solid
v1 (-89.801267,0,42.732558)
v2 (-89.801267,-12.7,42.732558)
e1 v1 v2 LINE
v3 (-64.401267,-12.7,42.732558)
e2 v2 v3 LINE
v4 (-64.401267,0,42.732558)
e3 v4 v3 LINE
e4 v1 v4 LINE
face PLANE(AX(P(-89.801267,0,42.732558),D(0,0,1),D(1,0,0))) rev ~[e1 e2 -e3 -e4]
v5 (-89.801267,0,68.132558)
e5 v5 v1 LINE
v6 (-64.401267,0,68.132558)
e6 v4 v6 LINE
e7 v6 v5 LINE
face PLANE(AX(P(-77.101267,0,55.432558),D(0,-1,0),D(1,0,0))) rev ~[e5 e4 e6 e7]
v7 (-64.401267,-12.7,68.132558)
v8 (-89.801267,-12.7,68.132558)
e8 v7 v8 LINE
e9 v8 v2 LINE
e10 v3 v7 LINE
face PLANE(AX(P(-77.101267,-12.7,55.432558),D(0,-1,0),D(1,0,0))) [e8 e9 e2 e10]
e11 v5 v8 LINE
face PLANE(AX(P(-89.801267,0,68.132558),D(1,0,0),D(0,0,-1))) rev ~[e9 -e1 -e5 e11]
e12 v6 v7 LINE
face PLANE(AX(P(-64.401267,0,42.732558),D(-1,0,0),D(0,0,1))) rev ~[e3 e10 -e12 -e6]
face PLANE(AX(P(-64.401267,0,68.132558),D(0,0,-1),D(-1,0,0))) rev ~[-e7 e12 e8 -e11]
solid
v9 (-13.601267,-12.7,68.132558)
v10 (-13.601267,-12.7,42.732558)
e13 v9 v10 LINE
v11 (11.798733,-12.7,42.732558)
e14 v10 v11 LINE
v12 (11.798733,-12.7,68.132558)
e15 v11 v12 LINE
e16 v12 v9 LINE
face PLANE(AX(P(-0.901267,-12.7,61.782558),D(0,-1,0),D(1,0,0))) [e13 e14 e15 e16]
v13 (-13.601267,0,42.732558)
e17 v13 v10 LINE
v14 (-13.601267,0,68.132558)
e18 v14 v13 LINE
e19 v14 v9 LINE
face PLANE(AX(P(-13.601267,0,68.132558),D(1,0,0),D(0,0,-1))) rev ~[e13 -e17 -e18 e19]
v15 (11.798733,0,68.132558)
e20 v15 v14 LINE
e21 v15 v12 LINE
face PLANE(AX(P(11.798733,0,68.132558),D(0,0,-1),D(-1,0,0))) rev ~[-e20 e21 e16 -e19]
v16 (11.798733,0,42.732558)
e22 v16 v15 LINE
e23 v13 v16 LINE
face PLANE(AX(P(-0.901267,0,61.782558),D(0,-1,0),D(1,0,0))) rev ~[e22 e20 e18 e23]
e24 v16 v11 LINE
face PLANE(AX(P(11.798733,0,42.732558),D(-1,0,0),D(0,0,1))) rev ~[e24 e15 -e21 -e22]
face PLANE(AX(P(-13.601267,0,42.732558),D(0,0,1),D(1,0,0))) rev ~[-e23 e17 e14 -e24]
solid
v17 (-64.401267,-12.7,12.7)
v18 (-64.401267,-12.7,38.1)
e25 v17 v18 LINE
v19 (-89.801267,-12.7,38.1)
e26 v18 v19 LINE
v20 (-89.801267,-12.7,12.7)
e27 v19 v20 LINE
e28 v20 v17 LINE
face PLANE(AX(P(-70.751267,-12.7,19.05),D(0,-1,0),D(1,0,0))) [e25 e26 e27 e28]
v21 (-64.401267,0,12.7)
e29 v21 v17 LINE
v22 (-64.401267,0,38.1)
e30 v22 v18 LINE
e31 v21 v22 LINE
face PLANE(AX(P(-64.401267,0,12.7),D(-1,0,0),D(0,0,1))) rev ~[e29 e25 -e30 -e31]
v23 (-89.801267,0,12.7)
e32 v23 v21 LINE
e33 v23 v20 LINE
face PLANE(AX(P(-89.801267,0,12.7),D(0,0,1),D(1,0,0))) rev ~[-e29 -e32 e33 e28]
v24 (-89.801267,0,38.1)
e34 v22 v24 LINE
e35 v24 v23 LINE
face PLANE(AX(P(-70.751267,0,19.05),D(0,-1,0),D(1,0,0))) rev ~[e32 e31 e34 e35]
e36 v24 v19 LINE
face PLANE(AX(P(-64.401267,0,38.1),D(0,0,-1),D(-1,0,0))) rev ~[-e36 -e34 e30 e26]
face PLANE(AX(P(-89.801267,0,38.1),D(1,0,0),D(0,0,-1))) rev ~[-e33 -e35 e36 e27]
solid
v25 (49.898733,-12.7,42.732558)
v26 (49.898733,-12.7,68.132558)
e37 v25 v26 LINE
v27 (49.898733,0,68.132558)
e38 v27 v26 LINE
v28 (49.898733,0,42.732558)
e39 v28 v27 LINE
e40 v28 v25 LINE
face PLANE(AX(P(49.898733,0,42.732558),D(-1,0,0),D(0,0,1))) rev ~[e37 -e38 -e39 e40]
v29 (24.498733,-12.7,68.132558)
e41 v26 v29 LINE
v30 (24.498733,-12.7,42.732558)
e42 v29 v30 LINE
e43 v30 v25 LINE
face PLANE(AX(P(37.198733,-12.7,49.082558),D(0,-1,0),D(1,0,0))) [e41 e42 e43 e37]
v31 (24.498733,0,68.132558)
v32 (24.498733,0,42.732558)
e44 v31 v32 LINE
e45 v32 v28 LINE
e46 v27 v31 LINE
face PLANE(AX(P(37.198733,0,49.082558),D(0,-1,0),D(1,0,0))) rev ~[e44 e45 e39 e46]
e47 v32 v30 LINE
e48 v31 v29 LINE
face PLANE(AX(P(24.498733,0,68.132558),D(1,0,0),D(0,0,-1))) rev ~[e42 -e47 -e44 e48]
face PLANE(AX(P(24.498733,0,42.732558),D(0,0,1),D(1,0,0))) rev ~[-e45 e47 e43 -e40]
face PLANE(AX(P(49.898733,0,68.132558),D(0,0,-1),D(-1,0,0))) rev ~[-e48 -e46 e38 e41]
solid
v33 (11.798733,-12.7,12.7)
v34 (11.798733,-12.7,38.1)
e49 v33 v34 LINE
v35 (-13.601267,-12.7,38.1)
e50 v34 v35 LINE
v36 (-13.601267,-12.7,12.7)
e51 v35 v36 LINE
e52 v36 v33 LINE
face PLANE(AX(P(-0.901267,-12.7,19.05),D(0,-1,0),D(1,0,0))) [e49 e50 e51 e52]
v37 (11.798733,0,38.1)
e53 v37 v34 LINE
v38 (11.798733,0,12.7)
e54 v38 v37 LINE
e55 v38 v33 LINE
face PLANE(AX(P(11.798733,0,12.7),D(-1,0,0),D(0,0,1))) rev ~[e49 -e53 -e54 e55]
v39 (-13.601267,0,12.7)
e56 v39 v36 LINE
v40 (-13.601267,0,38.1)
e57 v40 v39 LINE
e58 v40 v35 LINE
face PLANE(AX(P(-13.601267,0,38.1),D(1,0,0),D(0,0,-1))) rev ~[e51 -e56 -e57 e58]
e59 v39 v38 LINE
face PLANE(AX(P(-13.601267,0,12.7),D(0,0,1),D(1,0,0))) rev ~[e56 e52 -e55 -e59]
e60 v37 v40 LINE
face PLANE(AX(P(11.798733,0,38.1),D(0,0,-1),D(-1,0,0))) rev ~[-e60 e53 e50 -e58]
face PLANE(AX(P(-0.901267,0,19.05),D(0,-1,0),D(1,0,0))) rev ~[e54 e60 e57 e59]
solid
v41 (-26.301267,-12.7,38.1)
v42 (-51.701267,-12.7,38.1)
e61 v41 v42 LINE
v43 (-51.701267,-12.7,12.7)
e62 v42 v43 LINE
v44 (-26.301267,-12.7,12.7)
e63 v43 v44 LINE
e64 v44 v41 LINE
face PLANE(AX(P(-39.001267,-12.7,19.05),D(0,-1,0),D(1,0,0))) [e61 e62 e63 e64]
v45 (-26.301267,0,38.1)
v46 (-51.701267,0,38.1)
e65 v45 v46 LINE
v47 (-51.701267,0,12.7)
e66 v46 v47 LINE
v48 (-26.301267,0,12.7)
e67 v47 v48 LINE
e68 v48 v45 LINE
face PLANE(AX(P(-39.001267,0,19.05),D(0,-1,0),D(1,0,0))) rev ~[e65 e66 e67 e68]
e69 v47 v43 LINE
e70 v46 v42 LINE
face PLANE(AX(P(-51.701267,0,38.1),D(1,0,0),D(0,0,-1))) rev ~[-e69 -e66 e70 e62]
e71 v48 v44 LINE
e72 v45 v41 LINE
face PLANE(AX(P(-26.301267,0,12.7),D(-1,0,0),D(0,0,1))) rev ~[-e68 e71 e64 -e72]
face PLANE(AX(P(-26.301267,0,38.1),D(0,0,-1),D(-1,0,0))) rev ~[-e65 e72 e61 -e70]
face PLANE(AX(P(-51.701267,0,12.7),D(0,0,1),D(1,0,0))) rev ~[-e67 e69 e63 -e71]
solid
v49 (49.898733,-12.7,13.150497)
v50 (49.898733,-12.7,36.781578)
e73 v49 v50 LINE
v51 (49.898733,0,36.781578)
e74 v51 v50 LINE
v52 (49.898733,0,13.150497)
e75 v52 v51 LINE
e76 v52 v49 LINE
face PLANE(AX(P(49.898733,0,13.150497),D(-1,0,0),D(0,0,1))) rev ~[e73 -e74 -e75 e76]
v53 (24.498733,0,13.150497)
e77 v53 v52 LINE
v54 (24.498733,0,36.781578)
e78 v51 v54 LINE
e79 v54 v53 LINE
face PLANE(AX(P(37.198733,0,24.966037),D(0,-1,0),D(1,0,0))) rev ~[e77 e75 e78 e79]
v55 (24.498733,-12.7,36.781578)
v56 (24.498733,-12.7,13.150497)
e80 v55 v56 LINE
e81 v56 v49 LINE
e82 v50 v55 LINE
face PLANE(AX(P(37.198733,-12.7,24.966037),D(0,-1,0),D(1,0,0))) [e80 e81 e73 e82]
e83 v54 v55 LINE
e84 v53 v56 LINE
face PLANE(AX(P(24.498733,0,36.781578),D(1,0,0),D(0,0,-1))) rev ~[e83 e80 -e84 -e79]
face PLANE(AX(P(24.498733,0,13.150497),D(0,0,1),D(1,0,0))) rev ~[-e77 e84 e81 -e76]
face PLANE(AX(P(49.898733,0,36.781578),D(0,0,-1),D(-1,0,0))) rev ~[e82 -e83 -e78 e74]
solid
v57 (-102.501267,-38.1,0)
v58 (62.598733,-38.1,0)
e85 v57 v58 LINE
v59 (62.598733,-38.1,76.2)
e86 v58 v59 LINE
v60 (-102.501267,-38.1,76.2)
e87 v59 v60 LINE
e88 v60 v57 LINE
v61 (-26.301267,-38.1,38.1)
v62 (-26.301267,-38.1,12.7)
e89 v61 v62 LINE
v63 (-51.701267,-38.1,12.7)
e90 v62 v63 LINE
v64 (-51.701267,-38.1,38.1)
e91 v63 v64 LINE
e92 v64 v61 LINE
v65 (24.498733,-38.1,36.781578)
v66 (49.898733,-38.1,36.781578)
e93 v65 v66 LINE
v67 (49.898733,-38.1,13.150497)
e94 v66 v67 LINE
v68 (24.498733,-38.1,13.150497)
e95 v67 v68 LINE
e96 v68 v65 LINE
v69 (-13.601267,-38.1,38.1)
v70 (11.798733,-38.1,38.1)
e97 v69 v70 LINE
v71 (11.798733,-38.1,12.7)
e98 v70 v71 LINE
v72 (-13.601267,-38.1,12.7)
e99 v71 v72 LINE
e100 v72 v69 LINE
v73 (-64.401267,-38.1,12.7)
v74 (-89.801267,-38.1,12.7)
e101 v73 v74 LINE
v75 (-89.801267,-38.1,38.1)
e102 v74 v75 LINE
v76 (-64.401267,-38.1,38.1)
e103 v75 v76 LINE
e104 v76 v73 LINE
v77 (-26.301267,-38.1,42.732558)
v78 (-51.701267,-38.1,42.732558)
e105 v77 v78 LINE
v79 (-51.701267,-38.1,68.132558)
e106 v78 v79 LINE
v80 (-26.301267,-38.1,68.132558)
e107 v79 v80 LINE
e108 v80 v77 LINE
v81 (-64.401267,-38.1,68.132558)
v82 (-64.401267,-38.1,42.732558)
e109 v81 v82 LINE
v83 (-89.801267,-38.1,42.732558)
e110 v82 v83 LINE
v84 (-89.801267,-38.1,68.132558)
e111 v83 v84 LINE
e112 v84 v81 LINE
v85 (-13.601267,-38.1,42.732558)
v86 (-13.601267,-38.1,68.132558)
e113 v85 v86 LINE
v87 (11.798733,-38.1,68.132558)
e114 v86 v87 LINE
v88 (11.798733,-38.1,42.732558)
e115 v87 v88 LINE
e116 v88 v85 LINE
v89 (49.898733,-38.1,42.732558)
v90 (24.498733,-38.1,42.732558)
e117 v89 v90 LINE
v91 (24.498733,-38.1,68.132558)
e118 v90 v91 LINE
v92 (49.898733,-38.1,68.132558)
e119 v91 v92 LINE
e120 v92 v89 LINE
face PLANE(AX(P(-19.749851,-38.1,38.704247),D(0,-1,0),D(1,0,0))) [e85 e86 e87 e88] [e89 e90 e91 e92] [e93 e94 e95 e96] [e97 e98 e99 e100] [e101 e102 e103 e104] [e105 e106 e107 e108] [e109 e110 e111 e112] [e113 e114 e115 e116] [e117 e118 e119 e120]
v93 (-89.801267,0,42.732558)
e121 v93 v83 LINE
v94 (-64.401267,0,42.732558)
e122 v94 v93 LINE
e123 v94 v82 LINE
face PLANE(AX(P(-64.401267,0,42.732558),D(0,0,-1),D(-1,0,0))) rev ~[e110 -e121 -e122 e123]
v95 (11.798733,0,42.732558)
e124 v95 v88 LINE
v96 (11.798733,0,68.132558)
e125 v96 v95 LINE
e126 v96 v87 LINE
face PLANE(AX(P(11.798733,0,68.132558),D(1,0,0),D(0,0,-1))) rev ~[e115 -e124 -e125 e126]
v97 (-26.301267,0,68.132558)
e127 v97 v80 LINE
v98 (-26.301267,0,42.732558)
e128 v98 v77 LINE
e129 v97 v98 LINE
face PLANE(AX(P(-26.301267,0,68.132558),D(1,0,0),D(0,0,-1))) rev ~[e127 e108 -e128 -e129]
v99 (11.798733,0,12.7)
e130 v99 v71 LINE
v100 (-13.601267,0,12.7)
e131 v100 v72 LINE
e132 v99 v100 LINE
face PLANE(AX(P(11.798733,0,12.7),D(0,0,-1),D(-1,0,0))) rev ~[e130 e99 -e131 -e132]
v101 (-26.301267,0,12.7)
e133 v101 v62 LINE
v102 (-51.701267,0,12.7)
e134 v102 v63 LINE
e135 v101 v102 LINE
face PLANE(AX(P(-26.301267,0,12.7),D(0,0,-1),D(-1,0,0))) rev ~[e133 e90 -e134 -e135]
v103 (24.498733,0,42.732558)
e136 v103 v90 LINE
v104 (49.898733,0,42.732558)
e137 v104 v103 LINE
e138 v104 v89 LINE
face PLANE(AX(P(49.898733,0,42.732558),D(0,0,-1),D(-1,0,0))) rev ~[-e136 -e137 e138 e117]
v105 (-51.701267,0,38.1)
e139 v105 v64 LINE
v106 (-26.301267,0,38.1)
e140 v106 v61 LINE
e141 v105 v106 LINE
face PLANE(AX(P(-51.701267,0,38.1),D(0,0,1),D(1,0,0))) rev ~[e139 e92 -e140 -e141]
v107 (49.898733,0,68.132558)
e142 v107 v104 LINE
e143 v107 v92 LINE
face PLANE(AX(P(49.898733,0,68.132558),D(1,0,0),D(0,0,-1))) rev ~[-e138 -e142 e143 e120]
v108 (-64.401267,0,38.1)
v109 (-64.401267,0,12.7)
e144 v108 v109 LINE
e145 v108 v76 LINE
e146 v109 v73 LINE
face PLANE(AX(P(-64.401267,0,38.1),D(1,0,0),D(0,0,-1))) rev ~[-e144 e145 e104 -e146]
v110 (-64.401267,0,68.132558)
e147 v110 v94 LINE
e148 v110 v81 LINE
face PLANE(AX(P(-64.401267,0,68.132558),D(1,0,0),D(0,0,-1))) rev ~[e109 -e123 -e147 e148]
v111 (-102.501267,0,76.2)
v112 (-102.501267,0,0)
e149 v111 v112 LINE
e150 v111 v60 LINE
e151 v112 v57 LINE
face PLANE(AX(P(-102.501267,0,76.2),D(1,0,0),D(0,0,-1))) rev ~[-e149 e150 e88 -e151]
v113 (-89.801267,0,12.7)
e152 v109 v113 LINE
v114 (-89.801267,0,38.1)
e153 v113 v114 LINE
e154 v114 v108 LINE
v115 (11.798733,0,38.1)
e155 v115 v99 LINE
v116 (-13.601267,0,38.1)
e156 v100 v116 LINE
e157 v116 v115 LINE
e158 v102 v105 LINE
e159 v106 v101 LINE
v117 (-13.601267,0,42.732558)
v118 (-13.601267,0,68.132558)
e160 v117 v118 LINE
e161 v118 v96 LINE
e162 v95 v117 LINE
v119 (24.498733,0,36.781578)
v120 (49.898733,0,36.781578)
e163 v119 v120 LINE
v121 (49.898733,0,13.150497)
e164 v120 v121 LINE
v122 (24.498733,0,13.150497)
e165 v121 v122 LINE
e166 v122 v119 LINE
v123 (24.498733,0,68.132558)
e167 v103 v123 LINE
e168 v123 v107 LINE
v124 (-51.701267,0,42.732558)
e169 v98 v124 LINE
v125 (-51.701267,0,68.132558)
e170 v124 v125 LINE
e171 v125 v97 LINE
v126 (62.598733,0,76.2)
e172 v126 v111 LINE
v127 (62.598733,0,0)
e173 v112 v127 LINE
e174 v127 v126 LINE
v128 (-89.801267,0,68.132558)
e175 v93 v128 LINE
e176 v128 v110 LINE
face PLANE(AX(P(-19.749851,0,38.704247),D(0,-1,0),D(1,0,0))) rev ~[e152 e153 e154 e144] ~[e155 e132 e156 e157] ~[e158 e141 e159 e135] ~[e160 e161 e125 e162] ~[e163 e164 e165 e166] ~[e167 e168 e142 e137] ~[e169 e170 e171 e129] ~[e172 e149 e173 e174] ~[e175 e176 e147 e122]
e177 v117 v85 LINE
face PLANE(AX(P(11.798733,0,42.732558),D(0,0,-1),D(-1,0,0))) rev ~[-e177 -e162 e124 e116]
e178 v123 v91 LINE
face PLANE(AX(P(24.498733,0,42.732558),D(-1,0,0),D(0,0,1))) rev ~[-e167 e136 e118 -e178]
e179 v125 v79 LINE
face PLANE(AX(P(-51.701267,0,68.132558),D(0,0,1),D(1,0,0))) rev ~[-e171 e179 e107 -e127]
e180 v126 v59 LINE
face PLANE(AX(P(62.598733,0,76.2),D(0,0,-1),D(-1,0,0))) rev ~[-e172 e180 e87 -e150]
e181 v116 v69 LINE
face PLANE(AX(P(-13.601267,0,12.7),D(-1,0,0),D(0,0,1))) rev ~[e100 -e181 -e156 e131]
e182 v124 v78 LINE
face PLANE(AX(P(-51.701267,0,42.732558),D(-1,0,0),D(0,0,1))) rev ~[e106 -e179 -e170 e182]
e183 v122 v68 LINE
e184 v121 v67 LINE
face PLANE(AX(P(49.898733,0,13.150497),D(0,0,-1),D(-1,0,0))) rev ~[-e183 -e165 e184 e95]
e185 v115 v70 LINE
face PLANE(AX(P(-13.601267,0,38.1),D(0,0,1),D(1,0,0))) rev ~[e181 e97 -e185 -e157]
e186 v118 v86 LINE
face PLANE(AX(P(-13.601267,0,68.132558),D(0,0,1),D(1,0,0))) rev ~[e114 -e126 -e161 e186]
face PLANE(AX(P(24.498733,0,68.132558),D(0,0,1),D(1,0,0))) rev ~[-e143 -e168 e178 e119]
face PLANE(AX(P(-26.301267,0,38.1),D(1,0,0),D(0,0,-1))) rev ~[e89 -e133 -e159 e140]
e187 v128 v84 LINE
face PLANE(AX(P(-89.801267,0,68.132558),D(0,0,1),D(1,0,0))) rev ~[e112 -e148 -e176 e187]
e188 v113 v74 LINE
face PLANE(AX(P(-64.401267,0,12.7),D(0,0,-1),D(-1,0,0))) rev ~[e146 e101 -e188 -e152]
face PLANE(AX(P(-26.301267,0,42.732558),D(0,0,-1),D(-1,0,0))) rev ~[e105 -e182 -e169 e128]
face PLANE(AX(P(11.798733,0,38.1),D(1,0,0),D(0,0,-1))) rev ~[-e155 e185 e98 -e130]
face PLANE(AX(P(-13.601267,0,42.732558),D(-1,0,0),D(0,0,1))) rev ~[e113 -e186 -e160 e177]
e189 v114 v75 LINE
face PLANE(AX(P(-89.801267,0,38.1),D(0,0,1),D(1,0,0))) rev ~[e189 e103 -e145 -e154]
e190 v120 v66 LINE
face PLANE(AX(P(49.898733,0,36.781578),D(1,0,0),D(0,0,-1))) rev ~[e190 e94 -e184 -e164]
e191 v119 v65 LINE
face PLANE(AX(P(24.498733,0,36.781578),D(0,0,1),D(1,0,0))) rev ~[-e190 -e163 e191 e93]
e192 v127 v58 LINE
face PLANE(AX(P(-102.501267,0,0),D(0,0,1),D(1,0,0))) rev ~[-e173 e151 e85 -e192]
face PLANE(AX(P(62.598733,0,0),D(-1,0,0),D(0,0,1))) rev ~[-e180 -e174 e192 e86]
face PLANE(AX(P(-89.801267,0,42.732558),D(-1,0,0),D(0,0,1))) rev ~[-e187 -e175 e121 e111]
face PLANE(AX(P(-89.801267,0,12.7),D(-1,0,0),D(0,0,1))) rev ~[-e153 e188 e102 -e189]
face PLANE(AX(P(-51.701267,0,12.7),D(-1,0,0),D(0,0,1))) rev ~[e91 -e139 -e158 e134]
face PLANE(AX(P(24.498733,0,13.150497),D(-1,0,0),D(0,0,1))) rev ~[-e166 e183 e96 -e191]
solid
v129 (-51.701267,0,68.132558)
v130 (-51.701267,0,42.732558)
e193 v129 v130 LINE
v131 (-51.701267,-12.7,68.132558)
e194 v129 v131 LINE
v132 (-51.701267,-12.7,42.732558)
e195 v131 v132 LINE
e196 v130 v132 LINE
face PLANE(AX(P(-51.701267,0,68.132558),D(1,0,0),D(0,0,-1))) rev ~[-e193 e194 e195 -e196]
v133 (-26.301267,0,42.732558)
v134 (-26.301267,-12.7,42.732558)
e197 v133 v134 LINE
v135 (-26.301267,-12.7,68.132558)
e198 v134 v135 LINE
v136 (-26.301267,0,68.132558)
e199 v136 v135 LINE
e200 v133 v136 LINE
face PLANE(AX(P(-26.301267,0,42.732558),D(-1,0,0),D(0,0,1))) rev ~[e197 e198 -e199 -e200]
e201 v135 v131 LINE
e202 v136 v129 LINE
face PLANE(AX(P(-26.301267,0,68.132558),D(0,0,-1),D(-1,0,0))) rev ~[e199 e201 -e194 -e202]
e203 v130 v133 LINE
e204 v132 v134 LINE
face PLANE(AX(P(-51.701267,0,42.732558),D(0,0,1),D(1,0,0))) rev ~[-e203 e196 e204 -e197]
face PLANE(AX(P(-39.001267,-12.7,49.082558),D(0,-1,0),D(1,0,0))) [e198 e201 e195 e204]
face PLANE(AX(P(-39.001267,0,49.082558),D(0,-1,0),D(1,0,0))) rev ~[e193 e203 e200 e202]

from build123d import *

# Parameters (mm, degrees)
F1_DEPTH = 38.1
F0_W     = 12.7
F0_H     = 12.7
F2_DEPTH = 12.7


with BuildPart() as f1:
    # F0 (on Front) → F1 (new body)
    with BuildSketch(Plane.XZ):
        Polygon((37.198733, 68.132558), (37.198733, 76.2), (-102.501267, 76.2), (-102.501267, 25.4), (-89.801267, 25.4), (-89.801267, 38.1), (-64.401267, 38.1), (-64.401267, 25.4), (-64.401267, 12.7), (-77.101267, 12.7), (-77.101267, 0), (62.598733, 0), (62.598733, 55.432558), (49.898733, 55.432558), (49.898733, 42.732558), (24.498733, 42.732558), (24.498733, 55.432558), (24.498733, 68.132558), align=None)
        Polygon((-51.701267, 12.7), (-51.701267, 25.4), (-51.701267, 38.1), (-26.301267, 38.1), (-26.301267, 25.4), (-26.301267, 12.7), align=None, mode=Mode.SUBTRACT)
        Polygon((-13.601267, 12.7), (-13.601267, 25.4), (-13.601267, 38.1), (11.798733, 38.1), (11.798733, 25.4), (11.798733, 12.7), align=None, mode=Mode.SUBTRACT)
        Polygon((24.498733, 13.150497), (24.498733, 25.4), (24.498733, 36.781578), (49.898733, 36.781578), (49.898733, 13.150497), align=None, mode=Mode.SUBTRACT)
        Polygon((-64.401267, 68.132558), (-64.401267, 55.432558), (-64.401267, 42.732558), (-89.801267, 42.732558), (-89.801267, 68.132558), align=None, mode=Mode.SUBTRACT)
        Polygon((-26.301267, 68.132558), (-26.301267, 55.432558), (-26.301267, 42.732558), (-51.701267, 42.732558), (-51.701267, 55.432558), (-51.701267, 68.132558), align=None, mode=Mode.SUBTRACT)
        Polygon((11.798733, 68.132558), (11.798733, 55.432558), (11.798733, 42.732558), (-13.601267, 42.732558), (-13.601267, 55.432558), (-13.601267, 68.132558), align=None, mode=Mode.SUBTRACT)
        Polygon((-89.801267, 25.4), (-102.501267, 25.4), (-102.501267, 0), (-77.101267, 0), (-77.101267, 12.7), (-89.801267, 12.7), align=None)
        Polygon((62.598733, 55.432558), (62.598733, 76.2), (37.198733, 76.2), (37.198733, 68.132558), (49.898733, 68.132558), (49.898733, 55.432558), align=None)
    extrude(amount=F1_DEPTH)


with BuildPart() as f2:
    # F0 (on Front) → F2 (new body)
    with BuildSketch(Plane.XZ):
        Polygon((-64.401267, 42.732558), (-64.401267, 55.432558), (-64.401267, 68.132558), (-89.801267, 68.132558), (-89.801267, 42.732558), align=None)
        with Locations((-70.751267, 19.05)):
            Rectangle(F0_W, F0_H)
        Polygon((-89.801267, 38.1), (-89.801267, 25.4), (-77.101267, 25.4), (-64.401267, 25.4), (-64.401267, 38.1), align=None)
        with Locations((-83.451267, 19.05)):
            Rectangle(F0_W, F0_H)
        Polygon((-39.001267, 25.4), (-51.701267, 25.4), (-51.701267, 12.7), (-26.301267, 12.7), (-26.301267, 25.4), align=None)
        Polygon((-51.701267, 38.1), (-51.701267, 25.4), (-39.001267, 25.4), (-26.301267, 25.4), (-26.301267, 38.1), align=None)
        Polygon((-26.301267, 42.732558), (-26.301267, 55.432558), (-39.001267, 55.432558), (-51.701267, 55.432558), (-51.701267, 42.732558), align=None)
        Polygon((-39.001267, 55.432558), (-26.301267, 55.432558), (-26.301267, 68.132558), (-51.701267, 68.132558), (-51.701267, 55.432558), align=None)
        Polygon((-0.901267, 25.4), (-13.601267, 25.4), (-13.601267, 12.7), (11.798733, 12.7), (11.798733, 25.4), align=None)
        Polygon((-13.601267, 38.1), (-13.601267, 25.4), (-0.901267, 25.4), (11.798733, 25.4), (11.798733, 38.1), align=None)
        Polygon((-0.901267, 55.432558), (11.798733, 55.432558), (11.798733, 68.132558), (-13.601267, 68.132558), (-13.601267, 55.432558), align=None)
        Polygon((11.798733, 42.732558), (11.798733, 55.432558), (-0.901267, 55.432558), (-13.601267, 55.432558), (-13.601267, 42.732558), align=None)
        Polygon((49.898733, 42.732558), (49.898733, 55.432558), (37.198733, 55.432558), (24.498733, 55.432558), (24.498733, 42.732558), align=None)
        with Locations((30.848733, 61.782558)):
            Rectangle(F0_W, F0_H)
        with Locations((43.548733, 61.782558)):
            Rectangle(F0_W, F0_H)
        Polygon((24.498733, 36.781578), (24.498733, 25.4), (24.498733, 13.150497), (49.898733, 13.150497), (49.898733, 36.781578), align=None)
    extrude(amount=F2_DEPTH)


solid = Compound([f1.part, f2.part])
